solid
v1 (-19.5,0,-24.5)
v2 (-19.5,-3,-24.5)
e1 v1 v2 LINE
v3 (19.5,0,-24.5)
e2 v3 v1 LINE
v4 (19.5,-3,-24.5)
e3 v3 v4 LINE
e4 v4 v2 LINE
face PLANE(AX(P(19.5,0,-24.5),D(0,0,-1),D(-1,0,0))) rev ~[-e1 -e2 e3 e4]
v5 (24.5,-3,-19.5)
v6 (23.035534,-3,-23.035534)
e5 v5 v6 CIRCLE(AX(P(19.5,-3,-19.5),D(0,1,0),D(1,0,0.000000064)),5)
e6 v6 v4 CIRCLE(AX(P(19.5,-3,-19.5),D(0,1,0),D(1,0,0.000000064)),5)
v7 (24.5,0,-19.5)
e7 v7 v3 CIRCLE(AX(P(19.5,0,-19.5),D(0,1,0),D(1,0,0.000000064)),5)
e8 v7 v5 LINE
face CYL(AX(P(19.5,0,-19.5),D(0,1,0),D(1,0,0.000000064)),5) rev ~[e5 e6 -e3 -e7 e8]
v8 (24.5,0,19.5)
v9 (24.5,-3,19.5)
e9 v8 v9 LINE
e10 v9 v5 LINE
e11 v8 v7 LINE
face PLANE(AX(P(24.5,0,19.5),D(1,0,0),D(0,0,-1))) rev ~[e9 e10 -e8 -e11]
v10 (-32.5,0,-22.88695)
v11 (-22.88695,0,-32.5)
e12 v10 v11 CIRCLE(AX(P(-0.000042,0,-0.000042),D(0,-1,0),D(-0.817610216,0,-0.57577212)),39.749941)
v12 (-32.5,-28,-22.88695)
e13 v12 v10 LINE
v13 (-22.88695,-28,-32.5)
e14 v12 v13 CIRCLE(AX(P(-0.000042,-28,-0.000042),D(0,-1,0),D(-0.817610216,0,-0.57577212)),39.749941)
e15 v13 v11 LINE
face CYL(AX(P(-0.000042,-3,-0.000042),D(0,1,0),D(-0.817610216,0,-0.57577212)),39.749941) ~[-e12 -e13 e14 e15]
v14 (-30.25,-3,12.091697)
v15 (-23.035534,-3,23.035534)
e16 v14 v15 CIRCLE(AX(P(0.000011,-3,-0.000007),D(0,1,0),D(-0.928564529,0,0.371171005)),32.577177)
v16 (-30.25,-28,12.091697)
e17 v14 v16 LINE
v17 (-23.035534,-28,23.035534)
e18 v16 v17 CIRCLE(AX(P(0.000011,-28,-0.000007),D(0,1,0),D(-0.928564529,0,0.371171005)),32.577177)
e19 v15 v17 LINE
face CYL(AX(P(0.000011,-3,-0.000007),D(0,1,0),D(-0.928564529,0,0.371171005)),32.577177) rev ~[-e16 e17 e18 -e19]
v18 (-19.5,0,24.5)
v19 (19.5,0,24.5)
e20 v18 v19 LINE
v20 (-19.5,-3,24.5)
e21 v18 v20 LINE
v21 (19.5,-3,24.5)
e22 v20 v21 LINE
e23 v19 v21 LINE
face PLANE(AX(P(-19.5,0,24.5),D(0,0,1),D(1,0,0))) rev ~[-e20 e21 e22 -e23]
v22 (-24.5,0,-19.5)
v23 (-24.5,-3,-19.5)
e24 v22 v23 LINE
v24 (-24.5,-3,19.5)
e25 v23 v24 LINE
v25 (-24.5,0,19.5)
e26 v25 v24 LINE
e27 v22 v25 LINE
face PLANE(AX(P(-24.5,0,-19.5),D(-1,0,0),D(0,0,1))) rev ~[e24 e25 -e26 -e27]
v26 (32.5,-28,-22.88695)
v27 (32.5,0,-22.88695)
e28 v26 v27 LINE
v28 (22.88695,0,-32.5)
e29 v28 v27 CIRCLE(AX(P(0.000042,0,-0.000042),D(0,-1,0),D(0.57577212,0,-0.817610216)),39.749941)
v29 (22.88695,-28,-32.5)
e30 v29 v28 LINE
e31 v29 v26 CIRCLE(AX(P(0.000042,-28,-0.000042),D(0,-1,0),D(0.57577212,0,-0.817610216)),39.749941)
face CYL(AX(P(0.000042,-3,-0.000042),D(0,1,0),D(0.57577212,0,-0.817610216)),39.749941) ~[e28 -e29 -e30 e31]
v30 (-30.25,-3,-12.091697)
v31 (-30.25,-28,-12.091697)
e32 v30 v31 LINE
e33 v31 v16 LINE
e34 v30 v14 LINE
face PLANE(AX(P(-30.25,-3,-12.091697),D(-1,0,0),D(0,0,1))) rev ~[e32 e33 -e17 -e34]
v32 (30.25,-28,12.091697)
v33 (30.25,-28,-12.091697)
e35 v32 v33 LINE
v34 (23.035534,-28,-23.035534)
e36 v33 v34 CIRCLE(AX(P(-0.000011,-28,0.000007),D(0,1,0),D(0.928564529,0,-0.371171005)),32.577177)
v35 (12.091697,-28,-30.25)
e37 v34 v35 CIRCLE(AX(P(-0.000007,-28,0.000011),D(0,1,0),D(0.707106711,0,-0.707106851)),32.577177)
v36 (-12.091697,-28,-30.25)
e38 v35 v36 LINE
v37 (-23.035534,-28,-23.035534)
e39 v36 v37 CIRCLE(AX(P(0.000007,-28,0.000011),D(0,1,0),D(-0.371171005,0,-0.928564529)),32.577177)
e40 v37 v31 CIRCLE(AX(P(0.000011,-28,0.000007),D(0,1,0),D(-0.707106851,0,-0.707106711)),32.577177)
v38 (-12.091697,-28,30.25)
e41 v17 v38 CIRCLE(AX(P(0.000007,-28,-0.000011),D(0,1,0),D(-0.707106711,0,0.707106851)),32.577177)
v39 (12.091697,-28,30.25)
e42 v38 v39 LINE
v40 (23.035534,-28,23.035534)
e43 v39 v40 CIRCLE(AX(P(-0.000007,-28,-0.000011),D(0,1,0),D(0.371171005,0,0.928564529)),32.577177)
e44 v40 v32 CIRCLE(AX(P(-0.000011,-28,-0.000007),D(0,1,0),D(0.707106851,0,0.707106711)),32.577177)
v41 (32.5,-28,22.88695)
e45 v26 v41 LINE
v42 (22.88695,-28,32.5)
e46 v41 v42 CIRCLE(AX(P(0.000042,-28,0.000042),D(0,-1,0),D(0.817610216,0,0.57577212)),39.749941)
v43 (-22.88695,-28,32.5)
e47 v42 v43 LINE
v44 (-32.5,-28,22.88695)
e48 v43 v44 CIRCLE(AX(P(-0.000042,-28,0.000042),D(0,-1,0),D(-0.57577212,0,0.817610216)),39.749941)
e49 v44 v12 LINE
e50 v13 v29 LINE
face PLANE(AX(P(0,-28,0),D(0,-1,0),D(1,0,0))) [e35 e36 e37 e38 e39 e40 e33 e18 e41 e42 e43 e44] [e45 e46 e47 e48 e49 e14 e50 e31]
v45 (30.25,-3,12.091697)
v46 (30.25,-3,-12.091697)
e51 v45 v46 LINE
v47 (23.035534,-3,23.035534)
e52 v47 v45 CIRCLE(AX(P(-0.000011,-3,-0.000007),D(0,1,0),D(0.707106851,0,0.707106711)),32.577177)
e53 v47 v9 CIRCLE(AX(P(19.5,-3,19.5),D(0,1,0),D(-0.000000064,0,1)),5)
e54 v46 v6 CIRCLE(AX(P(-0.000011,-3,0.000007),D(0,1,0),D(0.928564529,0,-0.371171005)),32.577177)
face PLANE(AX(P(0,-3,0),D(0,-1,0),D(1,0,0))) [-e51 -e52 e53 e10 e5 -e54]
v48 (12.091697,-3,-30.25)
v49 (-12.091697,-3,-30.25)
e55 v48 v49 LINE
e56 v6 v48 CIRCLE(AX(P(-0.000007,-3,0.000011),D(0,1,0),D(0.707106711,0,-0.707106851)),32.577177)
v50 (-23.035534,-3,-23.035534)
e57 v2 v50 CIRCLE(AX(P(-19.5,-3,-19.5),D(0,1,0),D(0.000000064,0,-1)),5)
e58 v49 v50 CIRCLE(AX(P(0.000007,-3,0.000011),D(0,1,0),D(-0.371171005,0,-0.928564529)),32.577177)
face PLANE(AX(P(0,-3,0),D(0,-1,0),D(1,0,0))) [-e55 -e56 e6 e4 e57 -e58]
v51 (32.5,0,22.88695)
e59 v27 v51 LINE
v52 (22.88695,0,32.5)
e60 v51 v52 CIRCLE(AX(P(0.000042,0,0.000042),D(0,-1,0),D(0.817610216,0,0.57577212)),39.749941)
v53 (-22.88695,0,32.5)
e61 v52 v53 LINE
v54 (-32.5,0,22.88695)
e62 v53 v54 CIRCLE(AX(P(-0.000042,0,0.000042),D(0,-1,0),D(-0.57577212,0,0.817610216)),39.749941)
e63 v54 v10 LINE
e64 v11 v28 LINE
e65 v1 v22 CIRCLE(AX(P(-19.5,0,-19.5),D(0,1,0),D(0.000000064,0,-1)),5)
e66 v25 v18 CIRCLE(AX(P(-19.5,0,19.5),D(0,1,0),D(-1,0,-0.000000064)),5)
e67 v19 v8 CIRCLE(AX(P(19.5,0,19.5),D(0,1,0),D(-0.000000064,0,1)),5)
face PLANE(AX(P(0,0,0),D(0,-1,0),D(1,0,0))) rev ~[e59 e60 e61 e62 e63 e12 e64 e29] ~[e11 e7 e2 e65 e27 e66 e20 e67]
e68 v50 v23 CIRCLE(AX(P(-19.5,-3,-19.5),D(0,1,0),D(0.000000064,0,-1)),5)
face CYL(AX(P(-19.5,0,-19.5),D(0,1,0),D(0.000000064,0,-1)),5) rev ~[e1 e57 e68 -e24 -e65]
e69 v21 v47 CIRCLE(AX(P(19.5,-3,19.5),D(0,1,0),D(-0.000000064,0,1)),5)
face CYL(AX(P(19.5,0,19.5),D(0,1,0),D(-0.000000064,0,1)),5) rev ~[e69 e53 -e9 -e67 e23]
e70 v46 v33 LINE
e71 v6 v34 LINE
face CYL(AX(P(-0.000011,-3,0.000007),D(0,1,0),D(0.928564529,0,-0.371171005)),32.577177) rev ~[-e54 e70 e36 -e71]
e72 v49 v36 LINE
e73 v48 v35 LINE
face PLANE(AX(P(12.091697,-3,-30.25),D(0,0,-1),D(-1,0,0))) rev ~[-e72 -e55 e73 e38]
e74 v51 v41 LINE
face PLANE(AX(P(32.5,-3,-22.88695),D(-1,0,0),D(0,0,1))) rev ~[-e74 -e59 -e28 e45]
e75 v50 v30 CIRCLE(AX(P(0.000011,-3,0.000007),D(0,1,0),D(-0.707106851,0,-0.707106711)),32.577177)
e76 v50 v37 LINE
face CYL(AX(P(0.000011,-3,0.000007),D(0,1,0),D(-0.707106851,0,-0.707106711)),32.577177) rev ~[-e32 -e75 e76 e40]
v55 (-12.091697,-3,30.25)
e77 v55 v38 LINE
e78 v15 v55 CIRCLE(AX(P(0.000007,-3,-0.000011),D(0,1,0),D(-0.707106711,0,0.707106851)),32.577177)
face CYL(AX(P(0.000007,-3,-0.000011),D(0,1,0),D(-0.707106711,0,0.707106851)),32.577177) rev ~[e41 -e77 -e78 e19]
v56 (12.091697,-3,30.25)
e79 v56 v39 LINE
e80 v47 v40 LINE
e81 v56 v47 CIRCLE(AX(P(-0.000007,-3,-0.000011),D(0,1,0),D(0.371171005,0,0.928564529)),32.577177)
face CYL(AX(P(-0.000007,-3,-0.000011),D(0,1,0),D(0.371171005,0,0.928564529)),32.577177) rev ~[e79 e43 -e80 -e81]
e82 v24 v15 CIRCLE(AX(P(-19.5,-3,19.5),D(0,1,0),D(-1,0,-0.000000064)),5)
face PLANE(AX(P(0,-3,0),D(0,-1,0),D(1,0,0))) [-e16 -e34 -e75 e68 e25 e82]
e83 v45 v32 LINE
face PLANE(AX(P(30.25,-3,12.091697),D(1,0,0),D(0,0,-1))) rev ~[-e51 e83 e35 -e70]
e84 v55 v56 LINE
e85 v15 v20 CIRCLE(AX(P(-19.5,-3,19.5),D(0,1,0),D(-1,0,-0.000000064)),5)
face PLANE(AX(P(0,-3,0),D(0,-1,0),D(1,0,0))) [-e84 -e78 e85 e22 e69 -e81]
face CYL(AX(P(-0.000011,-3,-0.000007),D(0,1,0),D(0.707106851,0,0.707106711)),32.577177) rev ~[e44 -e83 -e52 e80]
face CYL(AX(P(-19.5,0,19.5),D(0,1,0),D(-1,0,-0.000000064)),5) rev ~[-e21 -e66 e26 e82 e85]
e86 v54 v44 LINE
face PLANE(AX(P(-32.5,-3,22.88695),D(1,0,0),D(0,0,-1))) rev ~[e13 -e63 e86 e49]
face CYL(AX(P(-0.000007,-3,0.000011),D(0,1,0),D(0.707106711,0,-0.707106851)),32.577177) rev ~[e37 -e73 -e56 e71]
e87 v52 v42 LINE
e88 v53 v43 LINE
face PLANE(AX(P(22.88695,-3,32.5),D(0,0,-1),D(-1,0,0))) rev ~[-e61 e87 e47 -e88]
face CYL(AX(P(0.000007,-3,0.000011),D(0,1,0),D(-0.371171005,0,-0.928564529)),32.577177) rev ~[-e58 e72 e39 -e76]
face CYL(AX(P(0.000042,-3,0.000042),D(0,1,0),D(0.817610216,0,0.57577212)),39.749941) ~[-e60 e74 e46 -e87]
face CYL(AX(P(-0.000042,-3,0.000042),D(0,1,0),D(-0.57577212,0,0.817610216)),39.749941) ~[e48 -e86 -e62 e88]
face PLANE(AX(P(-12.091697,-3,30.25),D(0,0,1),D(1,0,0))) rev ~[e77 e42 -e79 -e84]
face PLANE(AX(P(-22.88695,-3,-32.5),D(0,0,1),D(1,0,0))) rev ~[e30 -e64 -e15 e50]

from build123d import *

# Parameters (mm, degrees)
F1_DEPTH = 3
F3_DEPTH = 25


with BuildPart() as f1:
    # F0 (on Front) → F1 (new body)
    with BuildSketch(Plane.XZ):
        with BuildLine():
            ThreePointArc((32.5, 22.88695), (28.107495, 28.107495), (22.88695, 32.5))
            Line((22.88695, 32.5), (-22.88695, 32.5))
            ThreePointArc((-22.88695, 32.5), (-28.107495, 28.107495), (-32.5, 22.88695))
            Line((-32.5, 22.88695), (-32.5, -22.88695))
            ThreePointArc((-32.5, -22.88695), (-28.107495, -28.107495), (-22.88695, -32.5))
            Line((-22.88695, -32.5), (22.88695, -32.5))
            ThreePointArc((22.88695, -32.5), (28.107495, -28.107495), (32.5, -22.88695))
            Line((32.5, -22.88695), (32.5, 22.88695))
        make_face()
        with BuildLine():
            ThreePointArc((24.5, -19.5), (23.035534, -23.035534), (19.5, -24.5))
            Line((19.5, -24.5), (-19.5, -24.5))
            ThreePointArc((-19.5, -24.5), (-23.035534, -23.035534), (-24.5, -19.5))
            Line((-24.5, -19.5), (-24.5, 19.5))
            ThreePointArc((-24.5, 19.5), (-23.035534, 23.035534), (-19.5, 24.5))
            Line((-19.5, 24.5), (19.5, 24.5))
            ThreePointArc((19.5, 24.5), (23.035534, 23.035534), (24.5, 19.5))
            Line((24.5, 19.5), (24.5, -19.5))
        make_face(mode=Mode.SUBTRACT)
    extrude(amount=F1_DEPTH)

    # F2 (on face) → F3 (join)
    with BuildSketch(Plane.XZ.offset(3)):
        with BuildLine():
            Line((32.5, -22.88695), (32.5, 22.88695))
            ThreePointArc((32.5, 22.88695), (28.107495, 28.107495), (22.88695, 32.5))
            Line((22.88695, 32.5), (-22.88695, 32.5))
            ThreePointArc((-22.88695, 32.5), (-28.107495, 28.107495), (-32.5, 22.88695))
            Line((-32.5, 22.88695), (-32.5, -22.88695))
            ThreePointArc((-32.5, -22.88695), (-28.107495, -28.107495), (-22.88695, -32.5))
            Line((-22.88695, -32.5), (22.88695, -32.5))
            ThreePointArc((22.88695, -32.5), (28.107495, -28.107495), (32.5, -22.88695))
        make_face()
        with BuildLine():
            Line((-12.091697, 30.25), (12.091697, 30.25))
            ThreePointArc((12.091697, 30.25), (17.930218, 27.198877), (23.035534, 23.035534))
            ThreePointArc((23.035534, 23.035534), (27.198877, 17.930218), (30.25, 12.091697))
            Line((30.25, 12.091697), (30.25, -12.091697))
            ThreePointArc((30.25, -12.091697), (27.198877, -17.930218), (23.035534, -23.035534))
            ThreePointArc((23.035534, -23.035534), (17.930218, -27.198877), (12.091697, -30.25))
            Line((12.091697, -30.25), (-12.091697, -30.25))
            ThreePointArc((-12.091697, -30.25), (-17.930218, -27.198877), (-23.035534, -23.035534))
            ThreePointArc((-23.035534, -23.035534), (-27.198877, -17.930218), (-30.25, -12.091697))
            Line((-30.25, -12.091697), (-30.25, 12.091697))
            ThreePointArc((-30.25, 12.091697), (-27.198877, 17.930218), (-23.035534, 23.035534))
            ThreePointArc((-23.035534, 23.035534), (-17.930218, 27.198877), (-12.091697, 30.25))
        make_face(mode=Mode.SUBTRACT)
    extrude(amount=F3_DEPTH)


solid = f1.part
